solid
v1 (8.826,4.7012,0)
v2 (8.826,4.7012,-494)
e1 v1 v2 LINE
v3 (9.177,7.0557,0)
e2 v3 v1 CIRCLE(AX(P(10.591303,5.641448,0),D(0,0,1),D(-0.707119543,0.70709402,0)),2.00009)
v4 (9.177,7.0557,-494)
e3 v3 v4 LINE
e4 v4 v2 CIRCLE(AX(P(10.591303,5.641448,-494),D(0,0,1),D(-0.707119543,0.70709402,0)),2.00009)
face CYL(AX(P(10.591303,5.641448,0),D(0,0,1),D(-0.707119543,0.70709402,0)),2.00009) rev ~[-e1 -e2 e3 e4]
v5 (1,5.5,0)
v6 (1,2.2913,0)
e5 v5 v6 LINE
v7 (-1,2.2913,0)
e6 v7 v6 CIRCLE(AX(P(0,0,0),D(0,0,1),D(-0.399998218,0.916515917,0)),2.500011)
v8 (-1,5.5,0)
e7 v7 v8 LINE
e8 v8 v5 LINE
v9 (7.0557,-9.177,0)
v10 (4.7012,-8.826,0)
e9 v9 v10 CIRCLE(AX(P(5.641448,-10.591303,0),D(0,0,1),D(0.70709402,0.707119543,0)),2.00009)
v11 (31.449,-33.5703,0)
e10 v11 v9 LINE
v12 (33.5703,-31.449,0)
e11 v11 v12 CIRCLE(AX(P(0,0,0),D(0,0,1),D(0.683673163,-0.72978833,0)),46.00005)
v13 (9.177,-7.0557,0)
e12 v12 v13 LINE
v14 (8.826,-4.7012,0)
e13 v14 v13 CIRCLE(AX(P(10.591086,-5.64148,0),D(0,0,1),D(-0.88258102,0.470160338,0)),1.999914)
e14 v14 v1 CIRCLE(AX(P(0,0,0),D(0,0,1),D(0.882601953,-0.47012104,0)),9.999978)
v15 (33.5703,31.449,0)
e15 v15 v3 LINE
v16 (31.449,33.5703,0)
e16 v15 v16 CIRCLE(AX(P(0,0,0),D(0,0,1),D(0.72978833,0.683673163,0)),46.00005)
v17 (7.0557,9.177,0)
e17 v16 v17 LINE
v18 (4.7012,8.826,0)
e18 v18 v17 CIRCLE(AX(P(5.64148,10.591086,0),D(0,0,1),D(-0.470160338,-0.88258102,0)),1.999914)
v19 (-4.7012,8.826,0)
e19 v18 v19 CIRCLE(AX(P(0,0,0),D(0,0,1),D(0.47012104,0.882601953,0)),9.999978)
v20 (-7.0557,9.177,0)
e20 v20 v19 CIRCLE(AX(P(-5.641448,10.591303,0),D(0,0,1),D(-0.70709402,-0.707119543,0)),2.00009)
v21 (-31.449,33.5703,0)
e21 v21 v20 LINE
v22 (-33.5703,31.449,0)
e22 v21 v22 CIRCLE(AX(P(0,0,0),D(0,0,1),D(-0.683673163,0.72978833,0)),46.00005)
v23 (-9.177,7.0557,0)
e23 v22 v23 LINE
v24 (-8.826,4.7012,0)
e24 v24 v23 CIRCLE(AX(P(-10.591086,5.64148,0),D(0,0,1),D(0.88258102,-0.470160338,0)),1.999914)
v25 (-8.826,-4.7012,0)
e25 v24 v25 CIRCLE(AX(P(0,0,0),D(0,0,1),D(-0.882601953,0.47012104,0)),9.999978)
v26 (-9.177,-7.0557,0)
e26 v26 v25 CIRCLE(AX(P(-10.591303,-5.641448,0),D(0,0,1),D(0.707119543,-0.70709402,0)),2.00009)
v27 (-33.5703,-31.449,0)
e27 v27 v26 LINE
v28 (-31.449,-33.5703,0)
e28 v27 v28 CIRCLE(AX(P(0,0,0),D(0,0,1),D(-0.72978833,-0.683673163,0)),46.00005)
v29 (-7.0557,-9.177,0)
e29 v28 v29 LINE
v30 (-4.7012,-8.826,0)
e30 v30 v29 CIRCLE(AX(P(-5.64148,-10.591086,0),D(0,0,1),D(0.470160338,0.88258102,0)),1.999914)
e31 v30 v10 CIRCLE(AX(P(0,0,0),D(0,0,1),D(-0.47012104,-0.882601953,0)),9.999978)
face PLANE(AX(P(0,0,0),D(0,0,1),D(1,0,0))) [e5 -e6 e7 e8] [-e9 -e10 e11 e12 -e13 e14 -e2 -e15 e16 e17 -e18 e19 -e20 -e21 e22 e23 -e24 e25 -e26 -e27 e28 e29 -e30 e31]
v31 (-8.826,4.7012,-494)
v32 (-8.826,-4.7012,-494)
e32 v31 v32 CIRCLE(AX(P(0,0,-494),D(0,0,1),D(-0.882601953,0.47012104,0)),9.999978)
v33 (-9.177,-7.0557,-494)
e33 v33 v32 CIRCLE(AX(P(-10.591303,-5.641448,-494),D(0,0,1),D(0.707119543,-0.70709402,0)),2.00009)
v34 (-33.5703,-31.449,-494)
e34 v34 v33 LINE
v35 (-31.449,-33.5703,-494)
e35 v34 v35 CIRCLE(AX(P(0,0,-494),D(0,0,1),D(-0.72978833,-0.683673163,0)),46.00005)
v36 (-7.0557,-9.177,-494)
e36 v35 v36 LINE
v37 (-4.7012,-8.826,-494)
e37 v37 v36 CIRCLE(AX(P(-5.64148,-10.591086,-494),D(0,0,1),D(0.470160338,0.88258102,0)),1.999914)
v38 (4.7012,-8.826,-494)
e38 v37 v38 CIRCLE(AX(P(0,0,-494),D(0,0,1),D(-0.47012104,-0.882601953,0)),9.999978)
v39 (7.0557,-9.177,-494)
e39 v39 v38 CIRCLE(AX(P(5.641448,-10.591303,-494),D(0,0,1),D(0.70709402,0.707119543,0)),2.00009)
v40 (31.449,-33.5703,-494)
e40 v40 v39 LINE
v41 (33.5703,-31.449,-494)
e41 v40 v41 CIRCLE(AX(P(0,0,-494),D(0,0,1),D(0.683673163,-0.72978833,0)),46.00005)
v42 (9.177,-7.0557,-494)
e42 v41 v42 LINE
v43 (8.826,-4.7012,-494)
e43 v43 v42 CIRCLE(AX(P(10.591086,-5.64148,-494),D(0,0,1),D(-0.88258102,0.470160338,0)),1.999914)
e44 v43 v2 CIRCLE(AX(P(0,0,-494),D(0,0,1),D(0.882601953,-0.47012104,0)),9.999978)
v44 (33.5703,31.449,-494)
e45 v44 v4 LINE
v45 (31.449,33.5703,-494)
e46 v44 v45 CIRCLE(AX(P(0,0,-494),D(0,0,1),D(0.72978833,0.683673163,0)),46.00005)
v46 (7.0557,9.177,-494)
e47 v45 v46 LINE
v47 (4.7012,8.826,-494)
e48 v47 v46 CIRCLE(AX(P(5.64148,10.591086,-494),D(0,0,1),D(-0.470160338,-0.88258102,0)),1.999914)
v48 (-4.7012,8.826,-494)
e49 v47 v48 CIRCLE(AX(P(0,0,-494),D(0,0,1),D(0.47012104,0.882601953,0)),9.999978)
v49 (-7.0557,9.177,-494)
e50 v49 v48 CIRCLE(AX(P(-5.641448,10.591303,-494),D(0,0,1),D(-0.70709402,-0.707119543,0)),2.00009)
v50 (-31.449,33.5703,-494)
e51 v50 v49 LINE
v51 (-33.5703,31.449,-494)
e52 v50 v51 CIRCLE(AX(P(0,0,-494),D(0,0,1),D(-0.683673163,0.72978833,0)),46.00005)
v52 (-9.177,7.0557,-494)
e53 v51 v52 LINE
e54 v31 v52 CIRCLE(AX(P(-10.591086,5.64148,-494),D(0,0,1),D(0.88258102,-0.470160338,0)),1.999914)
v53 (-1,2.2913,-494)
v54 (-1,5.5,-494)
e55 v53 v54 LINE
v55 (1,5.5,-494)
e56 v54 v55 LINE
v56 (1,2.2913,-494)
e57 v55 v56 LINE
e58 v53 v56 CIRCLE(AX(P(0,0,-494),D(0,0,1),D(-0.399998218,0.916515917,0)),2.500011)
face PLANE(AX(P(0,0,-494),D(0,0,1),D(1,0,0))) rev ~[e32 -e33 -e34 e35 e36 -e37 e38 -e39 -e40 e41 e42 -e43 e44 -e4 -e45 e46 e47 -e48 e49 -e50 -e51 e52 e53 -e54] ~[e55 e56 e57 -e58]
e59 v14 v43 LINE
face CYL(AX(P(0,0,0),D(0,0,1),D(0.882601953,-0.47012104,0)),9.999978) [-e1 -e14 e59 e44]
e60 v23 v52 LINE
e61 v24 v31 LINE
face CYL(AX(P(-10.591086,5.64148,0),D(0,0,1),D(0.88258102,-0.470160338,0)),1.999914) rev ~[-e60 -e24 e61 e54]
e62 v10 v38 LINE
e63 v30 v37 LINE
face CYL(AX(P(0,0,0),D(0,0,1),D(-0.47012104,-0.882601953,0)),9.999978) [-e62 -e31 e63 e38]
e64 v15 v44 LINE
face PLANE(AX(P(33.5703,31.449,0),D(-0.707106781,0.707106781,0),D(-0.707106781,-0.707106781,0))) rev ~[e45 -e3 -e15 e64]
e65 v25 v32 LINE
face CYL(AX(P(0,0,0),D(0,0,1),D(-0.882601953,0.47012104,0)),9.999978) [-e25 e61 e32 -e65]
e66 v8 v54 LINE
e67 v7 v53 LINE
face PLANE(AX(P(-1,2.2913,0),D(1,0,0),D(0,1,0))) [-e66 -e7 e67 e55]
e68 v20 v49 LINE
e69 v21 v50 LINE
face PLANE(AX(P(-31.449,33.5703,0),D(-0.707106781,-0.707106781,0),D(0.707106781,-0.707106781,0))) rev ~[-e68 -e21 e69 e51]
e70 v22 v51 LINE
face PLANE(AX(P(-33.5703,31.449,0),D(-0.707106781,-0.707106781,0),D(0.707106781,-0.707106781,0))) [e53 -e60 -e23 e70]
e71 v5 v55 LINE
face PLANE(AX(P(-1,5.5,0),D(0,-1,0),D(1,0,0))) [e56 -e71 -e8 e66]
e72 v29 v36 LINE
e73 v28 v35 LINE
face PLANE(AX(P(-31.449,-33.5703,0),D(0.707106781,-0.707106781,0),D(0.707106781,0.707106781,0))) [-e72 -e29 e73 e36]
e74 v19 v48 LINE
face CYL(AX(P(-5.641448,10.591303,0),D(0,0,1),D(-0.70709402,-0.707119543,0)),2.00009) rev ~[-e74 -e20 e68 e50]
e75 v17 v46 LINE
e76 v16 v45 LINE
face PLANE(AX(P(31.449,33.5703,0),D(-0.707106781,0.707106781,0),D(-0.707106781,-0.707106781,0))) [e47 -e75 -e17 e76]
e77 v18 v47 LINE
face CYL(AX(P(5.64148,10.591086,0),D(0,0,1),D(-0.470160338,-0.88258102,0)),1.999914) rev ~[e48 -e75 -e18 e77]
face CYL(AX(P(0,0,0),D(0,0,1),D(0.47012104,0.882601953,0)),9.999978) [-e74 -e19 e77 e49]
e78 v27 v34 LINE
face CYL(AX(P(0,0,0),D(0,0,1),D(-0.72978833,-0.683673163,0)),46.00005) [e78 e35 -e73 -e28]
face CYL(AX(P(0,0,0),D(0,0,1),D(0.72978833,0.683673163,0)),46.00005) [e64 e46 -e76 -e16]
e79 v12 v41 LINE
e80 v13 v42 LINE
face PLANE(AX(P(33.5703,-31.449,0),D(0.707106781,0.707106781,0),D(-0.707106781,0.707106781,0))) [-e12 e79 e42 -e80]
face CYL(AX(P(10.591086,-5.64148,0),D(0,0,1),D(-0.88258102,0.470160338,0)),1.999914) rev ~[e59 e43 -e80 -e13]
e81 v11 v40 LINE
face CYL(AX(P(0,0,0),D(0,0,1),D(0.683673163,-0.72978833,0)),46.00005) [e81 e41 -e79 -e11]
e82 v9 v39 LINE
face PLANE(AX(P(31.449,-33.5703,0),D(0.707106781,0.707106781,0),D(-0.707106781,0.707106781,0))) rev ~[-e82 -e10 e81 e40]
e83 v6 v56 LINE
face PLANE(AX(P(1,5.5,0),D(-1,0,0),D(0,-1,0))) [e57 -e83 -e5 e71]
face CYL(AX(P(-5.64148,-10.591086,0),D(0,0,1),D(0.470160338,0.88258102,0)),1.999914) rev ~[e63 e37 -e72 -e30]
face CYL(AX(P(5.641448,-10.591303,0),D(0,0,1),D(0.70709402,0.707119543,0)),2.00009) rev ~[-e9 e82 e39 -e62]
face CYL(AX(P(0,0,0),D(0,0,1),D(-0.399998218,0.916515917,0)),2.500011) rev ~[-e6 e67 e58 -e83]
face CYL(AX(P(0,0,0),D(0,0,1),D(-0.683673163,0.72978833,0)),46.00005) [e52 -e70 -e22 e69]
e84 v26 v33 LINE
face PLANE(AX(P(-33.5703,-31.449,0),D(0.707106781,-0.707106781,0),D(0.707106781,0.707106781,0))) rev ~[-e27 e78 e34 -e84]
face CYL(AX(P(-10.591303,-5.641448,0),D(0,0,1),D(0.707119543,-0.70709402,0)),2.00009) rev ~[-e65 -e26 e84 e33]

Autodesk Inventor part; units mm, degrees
ref_plane "YZ Plane" through (0, 0, 0) normal (1, 0, 0) x (0, 1, 0)
ref_plane "XZ Plane" through (0, 0, 0) normal (0, 1, 0) x (-1, 0, 0)
ref_plane "XY Plane" through (0, 0, 0) normal (0, 0, 1) x (1, 0, 0)
sketch "Sketch1" plane through (0, 0, 0) normal (0, 0, 1) x (1, 0, 0)
  arc A0 (-1, 2.2913) -> (1, 2.2913) centre (0, 0) ccw
  line L0 (33.5703, 31.449) -> (9.177, 7.0557)
  line L1 (31.449, 33.5703) -> (7.0557, 9.177)
  line L2 (-33.5703, 31.449) -> (-9.177, 7.0557)
  line L3 (-31.449, 33.5703) -> (-7.0557, 9.177)
  line L4 (33.5703, -31.449) -> (9.177, -7.0557)
  line L5 (31.449, -33.5703) -> (7.0557, -9.177)
  line L6 (-33.5703, -31.449) -> (-9.177, -7.0557)
  line L7 (-31.449, -33.5703) -> (-7.0557, -9.177)
  arc A1 (-31.449, 33.5703) -> (-33.5703, 31.449) centre (0, 0) ccw
  arc A2 (33.5703, 31.449) -> (31.449, 33.5703) centre (0, 0) ccw
  arc A3 (-33.5703, -31.449) -> (-31.449, -33.5703) centre (0, 0) ccw
  arc A4 (31.449, -33.5703) -> (33.5703, -31.449) centre (0, 0) ccw
  arc A5 (-8.826, 4.7012) -> (-8.826, -4.7012) centre (0, 0) ccw
  arc A6 (-4.7012, -8.826) -> (4.7012, -8.826) centre (0, 0) ccw
  arc A7 (8.826, -4.7012) -> (8.826, 4.7012) centre (0, 0) ccw
  arc A8 (4.7012, 8.826) -> (-4.7012, 8.826) centre (0, 0) ccw
  arc A9 (-8.826, 4.7012) -> (-9.177, 7.0557) centre (-10.5912, 5.6415) ccw
  arc A10 (-9.177, -7.0557) -> (-8.826, -4.7012) centre (-10.5912, -5.6415) ccw
  arc A11 (-4.7012, -8.826) -> (-7.0557, -9.177) centre (-5.6415, -10.5912) ccw
  arc A12 (7.0557, -9.177) -> (4.7012, -8.826) centre (5.6415, -10.5912) ccw
  arc A13 (8.826, -4.7012) -> (9.177, -7.0557) centre (10.5912, -5.6415) ccw
  arc A14 (9.177, 7.0557) -> (8.826, 4.7012) centre (10.5912, 5.6415) ccw
  arc A15 (4.7012, 8.826) -> (7.0557, 9.177) centre (5.6415, 10.5912) ccw
  arc A16 (-7.0557, 9.177) -> (-4.7012, 8.826) centre (-5.6415, 10.5912) ccw
  line L8 (-1, 5.5) -> (1, 5.5)
  line L9 (1, 5.5) -> (1, 2.2913)
  line L10 (-1, 2.2913) -> (-1, 5.5)
  line L11 (-1, 5.5) -> (1, 2.5) construction
  line L12 (1, 5.5) -> (-1, 2.5) construction
  point P0 (8.0517, 5.9304)
  point P1 (5.9304, 8.0517)
  point P2 (-8.0517, 5.9304)
  point P3 (-5.9304, 8.0517)
  point P4 (8.0517, -5.9304)
  point P5 (5.9304, -8.0517)
  point P6 (-8.0517, -5.9304)
  point P7 (-5.9304, -8.0517)
  point P8 (0, 4)
  dimension "d0" = 5
  dimension "d10" = 2
  dimension "d18" = 46
  dimension "d19" = 46
  dimension "d20" = 46
  dimension "d21" = 46
extrude "Extrusion2" add sketch "Sketch1" against normal blind 494
properties part number "propeller"
